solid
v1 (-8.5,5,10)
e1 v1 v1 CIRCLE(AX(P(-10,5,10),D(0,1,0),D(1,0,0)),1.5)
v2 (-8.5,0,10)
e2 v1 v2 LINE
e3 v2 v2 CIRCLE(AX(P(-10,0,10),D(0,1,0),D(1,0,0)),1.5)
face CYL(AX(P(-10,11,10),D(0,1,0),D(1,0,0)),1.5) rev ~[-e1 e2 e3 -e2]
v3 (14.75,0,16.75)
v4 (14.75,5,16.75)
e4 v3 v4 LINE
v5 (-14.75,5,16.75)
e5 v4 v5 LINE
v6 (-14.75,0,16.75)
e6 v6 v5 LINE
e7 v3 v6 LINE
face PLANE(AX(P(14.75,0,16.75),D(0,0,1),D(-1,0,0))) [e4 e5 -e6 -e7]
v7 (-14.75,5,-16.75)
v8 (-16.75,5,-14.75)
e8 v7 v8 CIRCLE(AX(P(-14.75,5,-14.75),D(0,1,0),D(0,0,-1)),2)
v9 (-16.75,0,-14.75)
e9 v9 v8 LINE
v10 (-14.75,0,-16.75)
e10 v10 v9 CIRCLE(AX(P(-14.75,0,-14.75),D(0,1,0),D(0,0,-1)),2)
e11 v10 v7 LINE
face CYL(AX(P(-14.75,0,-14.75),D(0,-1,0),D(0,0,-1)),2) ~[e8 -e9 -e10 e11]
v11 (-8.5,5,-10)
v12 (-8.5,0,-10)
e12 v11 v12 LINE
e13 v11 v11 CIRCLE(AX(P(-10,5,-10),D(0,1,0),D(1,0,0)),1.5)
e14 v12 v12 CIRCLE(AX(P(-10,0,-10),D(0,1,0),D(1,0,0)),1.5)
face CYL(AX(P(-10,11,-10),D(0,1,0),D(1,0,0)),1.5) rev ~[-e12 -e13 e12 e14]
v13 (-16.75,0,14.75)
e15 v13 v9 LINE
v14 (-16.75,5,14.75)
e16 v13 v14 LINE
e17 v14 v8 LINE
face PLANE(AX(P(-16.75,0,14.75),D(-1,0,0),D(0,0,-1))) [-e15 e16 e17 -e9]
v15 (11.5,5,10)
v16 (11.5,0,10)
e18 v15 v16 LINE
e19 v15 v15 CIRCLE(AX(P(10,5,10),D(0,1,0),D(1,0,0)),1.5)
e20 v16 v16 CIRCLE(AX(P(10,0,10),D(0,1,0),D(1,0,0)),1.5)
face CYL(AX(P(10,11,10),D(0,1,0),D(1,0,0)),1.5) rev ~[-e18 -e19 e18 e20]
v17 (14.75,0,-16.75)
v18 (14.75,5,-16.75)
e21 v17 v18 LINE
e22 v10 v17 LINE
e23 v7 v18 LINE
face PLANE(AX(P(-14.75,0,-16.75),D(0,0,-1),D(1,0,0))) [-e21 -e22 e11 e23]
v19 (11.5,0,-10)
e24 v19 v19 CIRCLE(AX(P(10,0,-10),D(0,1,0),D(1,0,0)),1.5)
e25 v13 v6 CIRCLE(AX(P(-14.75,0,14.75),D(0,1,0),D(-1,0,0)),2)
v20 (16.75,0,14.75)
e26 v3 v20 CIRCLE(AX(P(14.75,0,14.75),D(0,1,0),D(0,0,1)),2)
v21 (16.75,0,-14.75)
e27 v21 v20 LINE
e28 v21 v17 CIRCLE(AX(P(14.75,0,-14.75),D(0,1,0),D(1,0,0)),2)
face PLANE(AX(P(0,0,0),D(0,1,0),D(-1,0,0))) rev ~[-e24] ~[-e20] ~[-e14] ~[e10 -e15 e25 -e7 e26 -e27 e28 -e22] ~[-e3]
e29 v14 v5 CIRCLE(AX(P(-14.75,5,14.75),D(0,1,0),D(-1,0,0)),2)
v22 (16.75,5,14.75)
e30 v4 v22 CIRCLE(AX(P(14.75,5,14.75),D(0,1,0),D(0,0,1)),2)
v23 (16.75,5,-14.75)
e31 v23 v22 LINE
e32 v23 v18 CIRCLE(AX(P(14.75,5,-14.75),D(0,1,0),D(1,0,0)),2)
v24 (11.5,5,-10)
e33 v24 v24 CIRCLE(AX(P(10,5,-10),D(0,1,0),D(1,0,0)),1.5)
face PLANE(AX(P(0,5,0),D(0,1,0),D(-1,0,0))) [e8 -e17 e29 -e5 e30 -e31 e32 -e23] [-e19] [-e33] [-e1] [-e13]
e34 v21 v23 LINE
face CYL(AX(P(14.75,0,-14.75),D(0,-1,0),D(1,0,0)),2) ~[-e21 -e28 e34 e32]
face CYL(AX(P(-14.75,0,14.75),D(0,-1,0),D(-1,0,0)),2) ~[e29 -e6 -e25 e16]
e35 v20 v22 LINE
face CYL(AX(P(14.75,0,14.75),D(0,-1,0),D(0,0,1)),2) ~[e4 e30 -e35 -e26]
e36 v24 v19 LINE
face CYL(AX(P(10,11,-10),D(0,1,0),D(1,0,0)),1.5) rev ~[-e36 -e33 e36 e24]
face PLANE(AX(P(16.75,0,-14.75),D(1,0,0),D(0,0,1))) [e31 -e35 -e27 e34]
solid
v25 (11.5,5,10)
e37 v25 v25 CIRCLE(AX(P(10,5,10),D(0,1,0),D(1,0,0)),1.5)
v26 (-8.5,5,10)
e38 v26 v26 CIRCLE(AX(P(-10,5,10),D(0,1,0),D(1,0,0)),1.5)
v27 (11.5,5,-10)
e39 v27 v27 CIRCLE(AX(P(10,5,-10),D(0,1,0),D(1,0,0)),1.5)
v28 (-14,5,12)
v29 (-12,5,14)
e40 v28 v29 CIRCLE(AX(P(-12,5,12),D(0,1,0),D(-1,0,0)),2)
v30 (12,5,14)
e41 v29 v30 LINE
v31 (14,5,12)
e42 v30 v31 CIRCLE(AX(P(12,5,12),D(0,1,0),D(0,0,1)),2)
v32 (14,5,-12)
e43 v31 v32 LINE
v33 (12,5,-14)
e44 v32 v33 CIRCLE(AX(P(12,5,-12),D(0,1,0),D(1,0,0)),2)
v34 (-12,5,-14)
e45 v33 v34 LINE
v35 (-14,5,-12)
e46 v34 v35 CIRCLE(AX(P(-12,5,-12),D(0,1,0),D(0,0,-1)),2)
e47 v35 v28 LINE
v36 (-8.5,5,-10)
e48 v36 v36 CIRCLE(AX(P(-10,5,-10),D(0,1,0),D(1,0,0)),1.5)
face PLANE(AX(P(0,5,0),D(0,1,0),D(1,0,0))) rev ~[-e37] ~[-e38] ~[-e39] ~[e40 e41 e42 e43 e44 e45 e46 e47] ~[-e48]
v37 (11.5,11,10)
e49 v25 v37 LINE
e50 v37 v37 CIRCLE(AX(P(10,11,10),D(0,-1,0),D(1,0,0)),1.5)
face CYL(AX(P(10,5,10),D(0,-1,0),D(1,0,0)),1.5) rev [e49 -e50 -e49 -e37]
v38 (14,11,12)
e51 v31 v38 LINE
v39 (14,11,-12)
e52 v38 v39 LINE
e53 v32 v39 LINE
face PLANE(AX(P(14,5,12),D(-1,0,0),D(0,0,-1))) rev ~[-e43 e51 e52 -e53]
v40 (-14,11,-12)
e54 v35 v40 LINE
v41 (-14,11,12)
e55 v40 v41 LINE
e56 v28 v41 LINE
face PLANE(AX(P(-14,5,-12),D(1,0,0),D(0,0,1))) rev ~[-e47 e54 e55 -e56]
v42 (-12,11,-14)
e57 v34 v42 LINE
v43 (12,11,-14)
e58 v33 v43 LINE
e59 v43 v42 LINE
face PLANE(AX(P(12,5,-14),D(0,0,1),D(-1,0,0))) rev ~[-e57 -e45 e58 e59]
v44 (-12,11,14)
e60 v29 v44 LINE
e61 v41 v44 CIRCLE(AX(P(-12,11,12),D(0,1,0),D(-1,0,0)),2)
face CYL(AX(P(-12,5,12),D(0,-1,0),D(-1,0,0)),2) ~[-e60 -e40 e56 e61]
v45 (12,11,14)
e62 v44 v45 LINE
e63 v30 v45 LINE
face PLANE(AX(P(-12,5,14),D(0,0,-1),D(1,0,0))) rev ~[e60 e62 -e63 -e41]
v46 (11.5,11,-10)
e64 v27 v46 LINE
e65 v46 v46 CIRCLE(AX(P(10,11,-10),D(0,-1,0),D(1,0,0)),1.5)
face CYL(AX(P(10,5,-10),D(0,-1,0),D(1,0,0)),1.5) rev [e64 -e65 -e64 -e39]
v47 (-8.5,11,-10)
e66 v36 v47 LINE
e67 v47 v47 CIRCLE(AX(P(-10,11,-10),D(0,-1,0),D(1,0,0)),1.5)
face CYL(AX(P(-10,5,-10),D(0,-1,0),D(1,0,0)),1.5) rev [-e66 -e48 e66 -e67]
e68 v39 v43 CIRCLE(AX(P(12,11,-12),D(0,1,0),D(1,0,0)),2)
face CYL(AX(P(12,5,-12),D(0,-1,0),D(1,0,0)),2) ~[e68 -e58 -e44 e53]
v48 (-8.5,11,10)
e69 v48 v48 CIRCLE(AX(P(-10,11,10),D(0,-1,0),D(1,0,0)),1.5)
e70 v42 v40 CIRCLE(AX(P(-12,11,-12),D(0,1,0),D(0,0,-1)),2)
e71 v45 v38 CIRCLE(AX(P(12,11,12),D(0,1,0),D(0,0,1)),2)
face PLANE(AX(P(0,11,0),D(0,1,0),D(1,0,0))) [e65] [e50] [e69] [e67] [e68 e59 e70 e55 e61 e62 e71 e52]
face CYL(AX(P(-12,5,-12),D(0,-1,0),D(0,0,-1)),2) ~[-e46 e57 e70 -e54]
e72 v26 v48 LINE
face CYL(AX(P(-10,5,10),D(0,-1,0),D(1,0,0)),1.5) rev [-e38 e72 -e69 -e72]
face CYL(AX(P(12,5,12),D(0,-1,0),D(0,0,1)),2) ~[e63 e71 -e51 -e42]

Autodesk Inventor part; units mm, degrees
ref_plane "YZ Plane" through (0, 0, 0) normal (1, 0, 0) x (0, 1, 0)
ref_plane "XZ Plane" through (0, 0, 0) normal (0, 1, 0) x (-1, 0, 0)
ref_plane "XY Plane" through (0, 0, 0) normal (0, 0, 1) x (1, 0, 0)
sketch "Эскиз1" plane through (0, 0, 0) normal (0, 1, 0) x (-1, 0, 0)
  line L0 (-14.75, 16.75) -> (14.75, 16.75)
  line L1 (16.75, 14.75) -> (16.75, -14.75)
  line L2 (14.75, -16.75) -> (-14.75, -16.75)
  line L3 (-16.75, -14.75) -> (-16.75, 14.75)
  line L4 (-16.75, 16.75) -> (16.75, -16.75) construction
  line L5 (16.75, 16.75) -> (-16.75, -16.75) construction
  arc A0 (16.75, 14.75) -> (14.75, 16.75) centre (14.75, 14.75) ccw
  arc A1 (14.75, -16.75) -> (16.75, -14.75) centre (14.75, -14.75) ccw
  arc A2 (-16.75, -14.75) -> (-14.75, -16.75) centre (-14.75, -14.75) ccw
  arc A3 (-14.75, 16.75) -> (-16.75, 14.75) centre (-14.75, 14.75) ccw
  point P0 (0, 0)
  dimension "d0" = 33.5
  dimension "d1" = 33.5
  dimension "d2" = 2
extrude "Выдавливание1" add sketch "Эскиз1" along normal blind 5
sketch "Эскиз2" plane through (0, 5, 0) normal (0, 1, 0) x (1, 0, 0)
  line L0 (12, 14) -> (-12, 14)
  line L1 (-14, 12) -> (-14, -12)
  line L2 (-12, -14) -> (12, -14)
  line L3 (14, -12) -> (14, 12)
  line L4 (14, 14) -> (-14, -14) construction
  line L5 (-14, 14) -> (14, -14) construction
  line L6 (10, -10) -> (-10, -10)
  line L7 (-10, -10) -> (-10, 10)
  line L8 (-10, 10) -> (10, 10)
  line L9 (10, 10) -> (10, -10)
  line L10 (10, -10) -> (-10, 10) construction
  line L11 (-10, -10) -> (10, 10) construction
  circle A0 centre (-10, -10) radius 1.5
  circle A1 centre (-10, 10) radius 1.5
  circle A2 centre (10, 10) radius 1.5
  circle A3 centre (10, -10) radius 1.5
  arc A4 (-14, -12) -> (-12, -14) centre (-12, -12) ccw
  arc A5 (12, -14) -> (14, -12) centre (12, -12) ccw
  arc A6 (14, 12) -> (12, 14) centre (12, 12) ccw
  arc A7 (-12, 14) -> (-14, 12) centre (-12, 12) ccw
  point P0 (0, 0)
  dimension "d5" = 28
  dimension "d6" = 28
  dimension "d7" = 20
  dimension "d8" = 20
  dimension "d9" = 3
  dimension "d10" = 3
  dimension "d11" = 3
  dimension "d12" = 3
  dimension "d13" = 2
extrude "Выдавливание2" add sketch "Эскиз2" along normal blind 6 separate body contours A6 L3 A5 L2 A4 L1 A7 L0 | A0 L7 A1 L8 A2 L9 A3 L6
sketch "Эскиз3" plane through (0, 11, 0) normal (0, 1, 0) x (1, 0, 0)
  arc A0 (-12, 14) -> (-14, 12) centre (-12, 12) ccw projected
  line L0 (-14, 12) -> (-14, -12) projected
  arc A1 (-14, -12) -> (-12, -14) centre (-12, -12) ccw projected
  line L1 (-12, -14) -> (12, -14) projected
  arc A2 (12, -14) -> (14, -12) centre (12, -12) ccw projected
  line L2 (14, -12) -> (14, 12) projected
  arc A3 (14, 12) -> (12, 14) centre (12, 12) ccw projected
  line L3 (12, 14) -> (-12, 14) projected
  circle A4 centre (10, 10) radius 1.5 projected
  circle A5 centre (-10, 10) radius 1.5 projected
  circle A6 centre (-10, -10) radius 1.5 projected
  circle A7 centre (10, -10) radius 1.5 projected
  point P0 (0, 0)
extrude "Выдавливание3" cut sketch "Эскиз3" against normal blind 20 contours A4 | A5 | A6 | A7 bodies 1
